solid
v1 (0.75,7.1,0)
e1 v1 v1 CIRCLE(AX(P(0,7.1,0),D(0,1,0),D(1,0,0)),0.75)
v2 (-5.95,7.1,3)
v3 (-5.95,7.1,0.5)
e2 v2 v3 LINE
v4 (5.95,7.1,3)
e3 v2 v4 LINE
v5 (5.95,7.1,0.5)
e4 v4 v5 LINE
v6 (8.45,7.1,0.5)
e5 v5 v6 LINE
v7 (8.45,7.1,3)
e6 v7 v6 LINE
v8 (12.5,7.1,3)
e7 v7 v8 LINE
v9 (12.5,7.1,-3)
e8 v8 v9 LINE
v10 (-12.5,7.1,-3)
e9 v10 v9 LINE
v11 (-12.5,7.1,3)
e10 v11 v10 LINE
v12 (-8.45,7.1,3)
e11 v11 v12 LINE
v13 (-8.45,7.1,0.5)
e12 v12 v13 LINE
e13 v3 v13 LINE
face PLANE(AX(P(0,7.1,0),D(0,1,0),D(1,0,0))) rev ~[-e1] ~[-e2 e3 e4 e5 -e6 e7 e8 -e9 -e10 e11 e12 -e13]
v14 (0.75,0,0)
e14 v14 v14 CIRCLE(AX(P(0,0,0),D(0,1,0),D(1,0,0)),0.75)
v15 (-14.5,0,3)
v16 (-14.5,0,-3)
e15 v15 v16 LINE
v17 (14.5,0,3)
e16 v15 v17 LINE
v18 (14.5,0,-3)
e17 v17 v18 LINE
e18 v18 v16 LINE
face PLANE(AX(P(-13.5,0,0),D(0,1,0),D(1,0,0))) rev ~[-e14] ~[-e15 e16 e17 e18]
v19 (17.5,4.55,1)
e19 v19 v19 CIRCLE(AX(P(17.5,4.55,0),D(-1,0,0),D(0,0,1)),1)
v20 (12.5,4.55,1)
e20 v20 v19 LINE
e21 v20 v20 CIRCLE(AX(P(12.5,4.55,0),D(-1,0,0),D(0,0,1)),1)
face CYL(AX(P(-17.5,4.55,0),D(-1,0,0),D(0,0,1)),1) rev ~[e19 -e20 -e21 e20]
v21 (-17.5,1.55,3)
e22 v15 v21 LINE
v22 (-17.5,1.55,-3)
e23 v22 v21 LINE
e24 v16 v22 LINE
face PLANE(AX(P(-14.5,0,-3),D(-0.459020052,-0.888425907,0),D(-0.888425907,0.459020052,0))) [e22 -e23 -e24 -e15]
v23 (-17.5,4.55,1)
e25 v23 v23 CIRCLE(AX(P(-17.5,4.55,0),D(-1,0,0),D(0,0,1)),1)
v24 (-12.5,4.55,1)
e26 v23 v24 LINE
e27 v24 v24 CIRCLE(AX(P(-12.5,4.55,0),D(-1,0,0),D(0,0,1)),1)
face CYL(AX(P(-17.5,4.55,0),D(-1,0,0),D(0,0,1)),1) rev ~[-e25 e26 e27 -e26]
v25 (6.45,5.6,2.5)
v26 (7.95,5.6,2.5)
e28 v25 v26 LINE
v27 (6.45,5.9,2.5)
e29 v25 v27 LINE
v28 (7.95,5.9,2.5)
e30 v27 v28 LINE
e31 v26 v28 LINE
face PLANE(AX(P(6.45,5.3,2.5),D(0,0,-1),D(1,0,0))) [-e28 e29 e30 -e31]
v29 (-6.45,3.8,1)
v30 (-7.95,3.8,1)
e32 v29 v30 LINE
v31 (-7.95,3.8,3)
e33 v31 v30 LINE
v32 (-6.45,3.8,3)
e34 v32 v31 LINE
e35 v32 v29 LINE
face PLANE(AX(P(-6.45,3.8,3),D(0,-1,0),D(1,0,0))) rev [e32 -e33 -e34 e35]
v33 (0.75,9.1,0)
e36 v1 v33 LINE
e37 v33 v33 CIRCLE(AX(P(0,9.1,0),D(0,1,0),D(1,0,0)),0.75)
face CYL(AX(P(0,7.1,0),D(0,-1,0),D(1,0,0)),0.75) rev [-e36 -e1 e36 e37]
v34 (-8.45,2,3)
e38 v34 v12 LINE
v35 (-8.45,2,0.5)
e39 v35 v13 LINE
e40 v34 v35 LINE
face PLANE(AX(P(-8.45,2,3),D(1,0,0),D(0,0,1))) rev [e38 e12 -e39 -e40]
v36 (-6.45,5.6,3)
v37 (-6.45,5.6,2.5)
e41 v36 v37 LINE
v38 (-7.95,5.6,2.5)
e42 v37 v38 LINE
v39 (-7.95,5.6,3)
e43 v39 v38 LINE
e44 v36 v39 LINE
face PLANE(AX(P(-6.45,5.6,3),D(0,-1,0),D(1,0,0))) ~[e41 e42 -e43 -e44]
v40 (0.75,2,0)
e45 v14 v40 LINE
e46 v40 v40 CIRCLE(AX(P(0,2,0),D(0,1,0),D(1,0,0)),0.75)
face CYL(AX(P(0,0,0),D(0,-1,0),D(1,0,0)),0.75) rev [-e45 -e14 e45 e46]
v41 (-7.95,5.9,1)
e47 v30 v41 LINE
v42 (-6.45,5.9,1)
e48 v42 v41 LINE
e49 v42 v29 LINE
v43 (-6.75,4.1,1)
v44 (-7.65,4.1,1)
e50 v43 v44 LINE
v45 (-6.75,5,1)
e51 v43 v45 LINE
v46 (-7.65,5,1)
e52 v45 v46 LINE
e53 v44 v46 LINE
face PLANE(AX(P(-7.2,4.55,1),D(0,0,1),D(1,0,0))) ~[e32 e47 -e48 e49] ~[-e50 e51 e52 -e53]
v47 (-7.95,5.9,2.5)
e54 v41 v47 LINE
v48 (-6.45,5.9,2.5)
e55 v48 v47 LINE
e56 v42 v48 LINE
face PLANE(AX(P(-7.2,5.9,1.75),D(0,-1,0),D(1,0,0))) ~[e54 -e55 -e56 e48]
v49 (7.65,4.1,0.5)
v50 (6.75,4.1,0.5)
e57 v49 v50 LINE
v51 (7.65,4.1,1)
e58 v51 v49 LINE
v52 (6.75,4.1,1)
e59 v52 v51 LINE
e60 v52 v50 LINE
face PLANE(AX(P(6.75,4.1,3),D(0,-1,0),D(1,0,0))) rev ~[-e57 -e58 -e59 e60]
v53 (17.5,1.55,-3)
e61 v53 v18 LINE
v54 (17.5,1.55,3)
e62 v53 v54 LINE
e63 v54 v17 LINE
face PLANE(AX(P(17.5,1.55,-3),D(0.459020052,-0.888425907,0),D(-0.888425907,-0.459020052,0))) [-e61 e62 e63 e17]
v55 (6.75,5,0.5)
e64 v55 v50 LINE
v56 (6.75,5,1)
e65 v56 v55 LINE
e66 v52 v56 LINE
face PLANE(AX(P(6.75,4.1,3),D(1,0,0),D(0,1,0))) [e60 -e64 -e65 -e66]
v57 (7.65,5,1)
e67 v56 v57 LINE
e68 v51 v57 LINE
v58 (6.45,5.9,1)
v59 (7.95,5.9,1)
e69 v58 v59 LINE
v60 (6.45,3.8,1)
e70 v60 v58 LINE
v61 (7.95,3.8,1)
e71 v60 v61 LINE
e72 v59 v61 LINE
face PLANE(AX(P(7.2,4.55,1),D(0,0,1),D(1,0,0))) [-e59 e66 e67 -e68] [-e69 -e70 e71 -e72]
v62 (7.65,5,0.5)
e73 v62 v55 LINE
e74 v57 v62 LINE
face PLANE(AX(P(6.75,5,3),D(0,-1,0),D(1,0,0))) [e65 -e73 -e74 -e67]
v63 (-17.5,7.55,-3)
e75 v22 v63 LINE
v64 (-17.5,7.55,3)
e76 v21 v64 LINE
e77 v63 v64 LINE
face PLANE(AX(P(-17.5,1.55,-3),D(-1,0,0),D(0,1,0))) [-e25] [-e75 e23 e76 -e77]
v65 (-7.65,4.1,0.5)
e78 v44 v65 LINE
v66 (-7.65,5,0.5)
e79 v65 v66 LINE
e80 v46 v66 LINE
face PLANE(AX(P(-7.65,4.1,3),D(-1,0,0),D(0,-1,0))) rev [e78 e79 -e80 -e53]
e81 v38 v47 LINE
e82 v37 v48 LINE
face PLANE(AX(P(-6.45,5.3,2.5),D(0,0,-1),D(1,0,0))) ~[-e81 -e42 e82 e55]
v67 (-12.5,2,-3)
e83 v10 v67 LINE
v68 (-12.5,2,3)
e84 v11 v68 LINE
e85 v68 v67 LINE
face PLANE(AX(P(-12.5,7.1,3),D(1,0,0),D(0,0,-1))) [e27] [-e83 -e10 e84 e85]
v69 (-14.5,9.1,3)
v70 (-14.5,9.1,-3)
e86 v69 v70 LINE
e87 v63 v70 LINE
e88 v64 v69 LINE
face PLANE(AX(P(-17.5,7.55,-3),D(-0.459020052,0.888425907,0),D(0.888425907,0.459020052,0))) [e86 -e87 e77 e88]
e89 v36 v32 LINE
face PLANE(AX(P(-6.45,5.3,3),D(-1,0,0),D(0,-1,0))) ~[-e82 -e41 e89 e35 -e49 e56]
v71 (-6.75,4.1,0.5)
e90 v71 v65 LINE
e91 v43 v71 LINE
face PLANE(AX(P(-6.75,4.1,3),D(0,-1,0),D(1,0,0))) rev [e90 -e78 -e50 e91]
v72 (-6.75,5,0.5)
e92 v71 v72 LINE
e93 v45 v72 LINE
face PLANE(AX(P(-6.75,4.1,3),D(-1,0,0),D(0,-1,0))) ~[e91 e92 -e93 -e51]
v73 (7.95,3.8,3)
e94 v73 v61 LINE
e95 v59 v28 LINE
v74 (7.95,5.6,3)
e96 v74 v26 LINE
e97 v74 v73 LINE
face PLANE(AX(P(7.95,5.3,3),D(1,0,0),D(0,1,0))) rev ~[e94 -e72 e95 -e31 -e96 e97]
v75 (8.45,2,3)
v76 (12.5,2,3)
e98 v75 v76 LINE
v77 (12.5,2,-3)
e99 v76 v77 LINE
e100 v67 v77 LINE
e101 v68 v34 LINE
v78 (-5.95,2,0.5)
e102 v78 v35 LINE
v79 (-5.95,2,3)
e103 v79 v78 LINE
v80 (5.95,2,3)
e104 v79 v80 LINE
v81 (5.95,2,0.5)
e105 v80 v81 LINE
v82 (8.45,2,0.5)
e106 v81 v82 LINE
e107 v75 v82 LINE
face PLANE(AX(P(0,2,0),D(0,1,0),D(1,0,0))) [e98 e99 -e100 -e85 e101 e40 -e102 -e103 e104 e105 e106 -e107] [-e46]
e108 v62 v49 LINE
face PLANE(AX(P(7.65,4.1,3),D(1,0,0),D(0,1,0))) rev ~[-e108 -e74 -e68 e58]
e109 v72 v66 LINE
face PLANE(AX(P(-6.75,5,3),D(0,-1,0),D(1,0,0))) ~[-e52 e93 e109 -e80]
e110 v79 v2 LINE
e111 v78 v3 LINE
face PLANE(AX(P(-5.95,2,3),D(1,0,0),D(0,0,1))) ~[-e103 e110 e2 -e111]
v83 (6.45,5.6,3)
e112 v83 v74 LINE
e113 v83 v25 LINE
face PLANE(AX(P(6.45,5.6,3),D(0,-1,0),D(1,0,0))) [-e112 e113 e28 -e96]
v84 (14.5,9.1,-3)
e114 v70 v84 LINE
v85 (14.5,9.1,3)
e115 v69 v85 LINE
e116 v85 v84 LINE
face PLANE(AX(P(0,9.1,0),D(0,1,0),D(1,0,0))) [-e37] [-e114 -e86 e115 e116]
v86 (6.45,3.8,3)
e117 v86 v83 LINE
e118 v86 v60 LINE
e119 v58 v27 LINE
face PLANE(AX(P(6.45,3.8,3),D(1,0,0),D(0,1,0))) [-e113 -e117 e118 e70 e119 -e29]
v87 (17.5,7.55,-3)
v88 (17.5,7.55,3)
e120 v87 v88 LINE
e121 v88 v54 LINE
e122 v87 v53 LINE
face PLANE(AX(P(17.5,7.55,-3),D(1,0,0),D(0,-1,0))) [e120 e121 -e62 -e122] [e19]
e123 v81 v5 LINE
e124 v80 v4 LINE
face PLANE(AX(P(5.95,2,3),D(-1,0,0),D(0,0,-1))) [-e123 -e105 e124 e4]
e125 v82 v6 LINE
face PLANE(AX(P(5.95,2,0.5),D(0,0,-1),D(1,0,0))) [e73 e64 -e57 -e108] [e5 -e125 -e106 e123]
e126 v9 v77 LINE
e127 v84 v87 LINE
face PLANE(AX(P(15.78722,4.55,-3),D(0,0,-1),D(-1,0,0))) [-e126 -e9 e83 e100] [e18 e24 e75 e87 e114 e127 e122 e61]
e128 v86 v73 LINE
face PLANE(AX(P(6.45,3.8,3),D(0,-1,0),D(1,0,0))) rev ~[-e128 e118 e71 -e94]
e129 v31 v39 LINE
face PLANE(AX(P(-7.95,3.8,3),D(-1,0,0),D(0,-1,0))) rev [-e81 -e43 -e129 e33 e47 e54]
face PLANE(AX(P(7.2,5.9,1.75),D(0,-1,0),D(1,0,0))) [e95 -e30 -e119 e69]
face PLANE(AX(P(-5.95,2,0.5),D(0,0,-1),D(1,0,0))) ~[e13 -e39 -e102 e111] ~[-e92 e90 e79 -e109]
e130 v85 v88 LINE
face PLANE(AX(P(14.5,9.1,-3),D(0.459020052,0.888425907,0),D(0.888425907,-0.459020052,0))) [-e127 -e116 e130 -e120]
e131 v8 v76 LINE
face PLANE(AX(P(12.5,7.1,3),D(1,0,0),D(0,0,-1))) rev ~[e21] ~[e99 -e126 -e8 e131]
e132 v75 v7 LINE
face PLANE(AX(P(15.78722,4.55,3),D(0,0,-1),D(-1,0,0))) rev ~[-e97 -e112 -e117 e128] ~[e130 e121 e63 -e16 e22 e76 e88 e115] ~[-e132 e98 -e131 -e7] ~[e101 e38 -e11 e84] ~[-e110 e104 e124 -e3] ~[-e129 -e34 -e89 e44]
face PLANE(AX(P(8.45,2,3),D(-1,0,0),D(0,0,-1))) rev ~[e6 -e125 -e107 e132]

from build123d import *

# Parameters (mm, degrees)
SKETCH1_W                  = 25
SKETCH1_H                  = 6
SKETCH1_R                  = 0.75
BASEFRAME_DEPTH            = 2
SKETCH2_W                  = 29
SKETCH2_H                  = 6
SKETCH2_R                  = 0.75
BOSS_EXTRUDE2_DEPTH        = 2
SKETCH2_3_W                = 2
SKETCH2_3_H                = 6
BOSS_EXTRUDE3_DEPTH        = 7.1
BOSS_EXTRUDE4_DEPTH        = 6
SKETCH4_R                  = 1
SHAFTHOLE_DEPTH            = 36
SLOTBLOCK_START            = -7.1
SKETCH5_W                  = 2.5
SKETCH5_H                  = 2.5
SLOTBLOCK_DEPTH            = 5.1
SKETCH6_W                  = 0.9
SKETCH6_H                  = 0.9
SKETCH6_W_2                = 1.5
SKETCH6_H_2                = 1.5
CLIPENTRANCE_DEPTH         = 2
SKETCH6_3_W                = 0.9
SKETCH6_3_H                = 0.9
CABLEEXIT_DEPTH            = 7
SKETCH7_W                  = 1.5
SKETCH7_H                  = 1.5
CLIPLOCKSLOT_DEPTH         = 0.6
SKETCH8_W                  = 1.5
SKETCH8_H                  = 0.3
CLIPLOCKCLEARANCECUT_DEPTH = 0.5


with BuildPart() as part:
    # Sketch1 → BaseFrame (new body)
    with BuildSketch(Plane(origin=(0, 0, 0), x_dir=(1, 0, 0), z_dir=(0, 1, 0))):
        Rectangle(SKETCH1_W, SKETCH1_H)
        Circle(SKETCH1_R, mode=Mode.SUBTRACT)
    extrude(amount=BASEFRAME_DEPTH)



with BuildPart() as body_2:
    # Sketch2 → Boss-Extrude2 (new body)
    with BuildSketch(Plane(origin=(0, 7.1, 0), x_dir=(1, 0, 0), z_dir=(0, 1, 0))):
        Rectangle(SKETCH2_W, SKETCH2_H)
        Circle(SKETCH2_R, mode=Mode.SUBTRACT)
    extrude(amount=BOSS_EXTRUDE2_DEPTH)


with BuildPart() as part_1:
    add(part.part)

    add(body_2.part)  # Boss-Extrude3 merges body 2
    # Sketch2<3> → Boss-Extrude3 (add)
    with BuildSketch(Plane(origin=(0, 7.1, 0), x_dir=(1, 0, 0), z_dir=(0, 1, 0))):
        with Locations((-13.5, 0)):
            Rectangle(SKETCH2_3_W, SKETCH2_3_H)
        with Locations((13.5, 0)):
            Rectangle(SKETCH2_3_W, SKETCH2_3_H)
    extrude(amount=-BOSS_EXTRUDE3_DEPTH)

    # Sketch3 → Boss-Extrude4 (add)
    with BuildSketch(Plane(origin=(0, 0, -3), x_dir=(-1, 0, 0), z_dir=(0, 0, -1))):
        Polygon((-14.5, 9.1), (-17.5, 7.55), (-17.5, 1.55), (-14.5, 0), align=None)
        Polygon((14.5, 0), (17.5, 1.55), (17.5, 7.55), (14.5, 9.1), align=None)
    extrude(amount=-BOSS_EXTRUDE4_DEPTH)

    # Sketch4 → ShaftHole (cut, through all)
    with BuildSketch(Plane.ZY.offset(17.5)):
        with Locations((0, 4.55)):
            Circle(SKETCH4_R)
    extrude(amount=-SHAFTHOLE_DEPTH, mode=Mode.SUBTRACT)

    # Sketch5 → SlotBlock (add)
    with BuildSketch(Plane(origin=(0, 9.1, 0), x_dir=(1, 0, 0), z_dir=(0, 1, 0)).offset(SLOTBLOCK_START)):
        with Locations((7.2, -1.75)):
            Rectangle(SKETCH5_W, SKETCH5_H)
    slotblock = extrude(amount=SLOTBLOCK_DEPTH)

    # Sketch6 → ClipEntrance (cut)
    with BuildSketch(Plane.XY.offset(3)):
        with Locations((7.2, 4.55)):
            Rectangle(SKETCH6_W, SKETCH6_H)
        with Locations((7.2, 4.55)):
            Rectangle(SKETCH6_W_2, SKETCH6_H_2)
        with Locations((7.2, 4.55)):
            Rectangle(SKETCH6_W, SKETCH6_H, mode=Mode.SUBTRACT)
    clipentrance = extrude(amount=-CLIPENTRANCE_DEPTH, mode=Mode.SUBTRACT)

    # Sketch6<3> → CableExit (cut, through all)
    with BuildSketch(Plane.XY.offset(3)):
        with Locations((7.2, 4.55)):
            Rectangle(SKETCH6_3_W, SKETCH6_3_H)
    cableexit = extrude(amount=-CABLEEXIT_DEPTH, mode=Mode.SUBTRACT)

    # Sketch7 → ClipLockSlot (cut)
    with BuildSketch(Plane.XZ.offset(-5.3)):
        with Locations((7.2, 1.75)):
            Rectangle(SKETCH7_W, SKETCH7_H)
    cliplockslot = extrude(amount=-CLIPLOCKSLOT_DEPTH, mode=Mode.SUBTRACT)

    # Sketch8 → ClipLockClearanceCut (cut)
    with BuildSketch(Plane.XY.offset(3)):
        with Locations((7.2, 5.45)):
            Rectangle(SKETCH8_W, SKETCH8_H)
    cliplockclearancecut = extrude(amount=-CLIPLOCKCLEARANCECUT_DEPTH, mode=Mode.SUBTRACT)

    # Mirror1: SlotBlock, ClipEntrance, CableExit, ClipLockSlot, ClipLockClearanceCut across plane
    add(slotblock.mirror(Plane(origin=(0, 0, 0), x_dir=(0, 0, 1), z_dir=(1, 0, 0))))
    add(clipentrance.mirror(Plane(origin=(0, 0, 0), x_dir=(0, 0, 1), z_dir=(1, 0, 0))), mode=Mode.SUBTRACT)
    add(cableexit.mirror(Plane(origin=(0, 0, 0), x_dir=(0, 0, 1), z_dir=(1, 0, 0))), mode=Mode.SUBTRACT)
    add(cliplockslot.mirror(Plane(origin=(0, 0, 0), x_dir=(0, 0, 1), z_dir=(1, 0, 0))), mode=Mode.SUBTRACT)
    add(cliplockclearancecut.mirror(Plane(origin=(0, 0, 0), x_dir=(0, 0, 1), z_dir=(1, 0, 0))), mode=Mode.SUBTRACT)


solid = part_1.part
